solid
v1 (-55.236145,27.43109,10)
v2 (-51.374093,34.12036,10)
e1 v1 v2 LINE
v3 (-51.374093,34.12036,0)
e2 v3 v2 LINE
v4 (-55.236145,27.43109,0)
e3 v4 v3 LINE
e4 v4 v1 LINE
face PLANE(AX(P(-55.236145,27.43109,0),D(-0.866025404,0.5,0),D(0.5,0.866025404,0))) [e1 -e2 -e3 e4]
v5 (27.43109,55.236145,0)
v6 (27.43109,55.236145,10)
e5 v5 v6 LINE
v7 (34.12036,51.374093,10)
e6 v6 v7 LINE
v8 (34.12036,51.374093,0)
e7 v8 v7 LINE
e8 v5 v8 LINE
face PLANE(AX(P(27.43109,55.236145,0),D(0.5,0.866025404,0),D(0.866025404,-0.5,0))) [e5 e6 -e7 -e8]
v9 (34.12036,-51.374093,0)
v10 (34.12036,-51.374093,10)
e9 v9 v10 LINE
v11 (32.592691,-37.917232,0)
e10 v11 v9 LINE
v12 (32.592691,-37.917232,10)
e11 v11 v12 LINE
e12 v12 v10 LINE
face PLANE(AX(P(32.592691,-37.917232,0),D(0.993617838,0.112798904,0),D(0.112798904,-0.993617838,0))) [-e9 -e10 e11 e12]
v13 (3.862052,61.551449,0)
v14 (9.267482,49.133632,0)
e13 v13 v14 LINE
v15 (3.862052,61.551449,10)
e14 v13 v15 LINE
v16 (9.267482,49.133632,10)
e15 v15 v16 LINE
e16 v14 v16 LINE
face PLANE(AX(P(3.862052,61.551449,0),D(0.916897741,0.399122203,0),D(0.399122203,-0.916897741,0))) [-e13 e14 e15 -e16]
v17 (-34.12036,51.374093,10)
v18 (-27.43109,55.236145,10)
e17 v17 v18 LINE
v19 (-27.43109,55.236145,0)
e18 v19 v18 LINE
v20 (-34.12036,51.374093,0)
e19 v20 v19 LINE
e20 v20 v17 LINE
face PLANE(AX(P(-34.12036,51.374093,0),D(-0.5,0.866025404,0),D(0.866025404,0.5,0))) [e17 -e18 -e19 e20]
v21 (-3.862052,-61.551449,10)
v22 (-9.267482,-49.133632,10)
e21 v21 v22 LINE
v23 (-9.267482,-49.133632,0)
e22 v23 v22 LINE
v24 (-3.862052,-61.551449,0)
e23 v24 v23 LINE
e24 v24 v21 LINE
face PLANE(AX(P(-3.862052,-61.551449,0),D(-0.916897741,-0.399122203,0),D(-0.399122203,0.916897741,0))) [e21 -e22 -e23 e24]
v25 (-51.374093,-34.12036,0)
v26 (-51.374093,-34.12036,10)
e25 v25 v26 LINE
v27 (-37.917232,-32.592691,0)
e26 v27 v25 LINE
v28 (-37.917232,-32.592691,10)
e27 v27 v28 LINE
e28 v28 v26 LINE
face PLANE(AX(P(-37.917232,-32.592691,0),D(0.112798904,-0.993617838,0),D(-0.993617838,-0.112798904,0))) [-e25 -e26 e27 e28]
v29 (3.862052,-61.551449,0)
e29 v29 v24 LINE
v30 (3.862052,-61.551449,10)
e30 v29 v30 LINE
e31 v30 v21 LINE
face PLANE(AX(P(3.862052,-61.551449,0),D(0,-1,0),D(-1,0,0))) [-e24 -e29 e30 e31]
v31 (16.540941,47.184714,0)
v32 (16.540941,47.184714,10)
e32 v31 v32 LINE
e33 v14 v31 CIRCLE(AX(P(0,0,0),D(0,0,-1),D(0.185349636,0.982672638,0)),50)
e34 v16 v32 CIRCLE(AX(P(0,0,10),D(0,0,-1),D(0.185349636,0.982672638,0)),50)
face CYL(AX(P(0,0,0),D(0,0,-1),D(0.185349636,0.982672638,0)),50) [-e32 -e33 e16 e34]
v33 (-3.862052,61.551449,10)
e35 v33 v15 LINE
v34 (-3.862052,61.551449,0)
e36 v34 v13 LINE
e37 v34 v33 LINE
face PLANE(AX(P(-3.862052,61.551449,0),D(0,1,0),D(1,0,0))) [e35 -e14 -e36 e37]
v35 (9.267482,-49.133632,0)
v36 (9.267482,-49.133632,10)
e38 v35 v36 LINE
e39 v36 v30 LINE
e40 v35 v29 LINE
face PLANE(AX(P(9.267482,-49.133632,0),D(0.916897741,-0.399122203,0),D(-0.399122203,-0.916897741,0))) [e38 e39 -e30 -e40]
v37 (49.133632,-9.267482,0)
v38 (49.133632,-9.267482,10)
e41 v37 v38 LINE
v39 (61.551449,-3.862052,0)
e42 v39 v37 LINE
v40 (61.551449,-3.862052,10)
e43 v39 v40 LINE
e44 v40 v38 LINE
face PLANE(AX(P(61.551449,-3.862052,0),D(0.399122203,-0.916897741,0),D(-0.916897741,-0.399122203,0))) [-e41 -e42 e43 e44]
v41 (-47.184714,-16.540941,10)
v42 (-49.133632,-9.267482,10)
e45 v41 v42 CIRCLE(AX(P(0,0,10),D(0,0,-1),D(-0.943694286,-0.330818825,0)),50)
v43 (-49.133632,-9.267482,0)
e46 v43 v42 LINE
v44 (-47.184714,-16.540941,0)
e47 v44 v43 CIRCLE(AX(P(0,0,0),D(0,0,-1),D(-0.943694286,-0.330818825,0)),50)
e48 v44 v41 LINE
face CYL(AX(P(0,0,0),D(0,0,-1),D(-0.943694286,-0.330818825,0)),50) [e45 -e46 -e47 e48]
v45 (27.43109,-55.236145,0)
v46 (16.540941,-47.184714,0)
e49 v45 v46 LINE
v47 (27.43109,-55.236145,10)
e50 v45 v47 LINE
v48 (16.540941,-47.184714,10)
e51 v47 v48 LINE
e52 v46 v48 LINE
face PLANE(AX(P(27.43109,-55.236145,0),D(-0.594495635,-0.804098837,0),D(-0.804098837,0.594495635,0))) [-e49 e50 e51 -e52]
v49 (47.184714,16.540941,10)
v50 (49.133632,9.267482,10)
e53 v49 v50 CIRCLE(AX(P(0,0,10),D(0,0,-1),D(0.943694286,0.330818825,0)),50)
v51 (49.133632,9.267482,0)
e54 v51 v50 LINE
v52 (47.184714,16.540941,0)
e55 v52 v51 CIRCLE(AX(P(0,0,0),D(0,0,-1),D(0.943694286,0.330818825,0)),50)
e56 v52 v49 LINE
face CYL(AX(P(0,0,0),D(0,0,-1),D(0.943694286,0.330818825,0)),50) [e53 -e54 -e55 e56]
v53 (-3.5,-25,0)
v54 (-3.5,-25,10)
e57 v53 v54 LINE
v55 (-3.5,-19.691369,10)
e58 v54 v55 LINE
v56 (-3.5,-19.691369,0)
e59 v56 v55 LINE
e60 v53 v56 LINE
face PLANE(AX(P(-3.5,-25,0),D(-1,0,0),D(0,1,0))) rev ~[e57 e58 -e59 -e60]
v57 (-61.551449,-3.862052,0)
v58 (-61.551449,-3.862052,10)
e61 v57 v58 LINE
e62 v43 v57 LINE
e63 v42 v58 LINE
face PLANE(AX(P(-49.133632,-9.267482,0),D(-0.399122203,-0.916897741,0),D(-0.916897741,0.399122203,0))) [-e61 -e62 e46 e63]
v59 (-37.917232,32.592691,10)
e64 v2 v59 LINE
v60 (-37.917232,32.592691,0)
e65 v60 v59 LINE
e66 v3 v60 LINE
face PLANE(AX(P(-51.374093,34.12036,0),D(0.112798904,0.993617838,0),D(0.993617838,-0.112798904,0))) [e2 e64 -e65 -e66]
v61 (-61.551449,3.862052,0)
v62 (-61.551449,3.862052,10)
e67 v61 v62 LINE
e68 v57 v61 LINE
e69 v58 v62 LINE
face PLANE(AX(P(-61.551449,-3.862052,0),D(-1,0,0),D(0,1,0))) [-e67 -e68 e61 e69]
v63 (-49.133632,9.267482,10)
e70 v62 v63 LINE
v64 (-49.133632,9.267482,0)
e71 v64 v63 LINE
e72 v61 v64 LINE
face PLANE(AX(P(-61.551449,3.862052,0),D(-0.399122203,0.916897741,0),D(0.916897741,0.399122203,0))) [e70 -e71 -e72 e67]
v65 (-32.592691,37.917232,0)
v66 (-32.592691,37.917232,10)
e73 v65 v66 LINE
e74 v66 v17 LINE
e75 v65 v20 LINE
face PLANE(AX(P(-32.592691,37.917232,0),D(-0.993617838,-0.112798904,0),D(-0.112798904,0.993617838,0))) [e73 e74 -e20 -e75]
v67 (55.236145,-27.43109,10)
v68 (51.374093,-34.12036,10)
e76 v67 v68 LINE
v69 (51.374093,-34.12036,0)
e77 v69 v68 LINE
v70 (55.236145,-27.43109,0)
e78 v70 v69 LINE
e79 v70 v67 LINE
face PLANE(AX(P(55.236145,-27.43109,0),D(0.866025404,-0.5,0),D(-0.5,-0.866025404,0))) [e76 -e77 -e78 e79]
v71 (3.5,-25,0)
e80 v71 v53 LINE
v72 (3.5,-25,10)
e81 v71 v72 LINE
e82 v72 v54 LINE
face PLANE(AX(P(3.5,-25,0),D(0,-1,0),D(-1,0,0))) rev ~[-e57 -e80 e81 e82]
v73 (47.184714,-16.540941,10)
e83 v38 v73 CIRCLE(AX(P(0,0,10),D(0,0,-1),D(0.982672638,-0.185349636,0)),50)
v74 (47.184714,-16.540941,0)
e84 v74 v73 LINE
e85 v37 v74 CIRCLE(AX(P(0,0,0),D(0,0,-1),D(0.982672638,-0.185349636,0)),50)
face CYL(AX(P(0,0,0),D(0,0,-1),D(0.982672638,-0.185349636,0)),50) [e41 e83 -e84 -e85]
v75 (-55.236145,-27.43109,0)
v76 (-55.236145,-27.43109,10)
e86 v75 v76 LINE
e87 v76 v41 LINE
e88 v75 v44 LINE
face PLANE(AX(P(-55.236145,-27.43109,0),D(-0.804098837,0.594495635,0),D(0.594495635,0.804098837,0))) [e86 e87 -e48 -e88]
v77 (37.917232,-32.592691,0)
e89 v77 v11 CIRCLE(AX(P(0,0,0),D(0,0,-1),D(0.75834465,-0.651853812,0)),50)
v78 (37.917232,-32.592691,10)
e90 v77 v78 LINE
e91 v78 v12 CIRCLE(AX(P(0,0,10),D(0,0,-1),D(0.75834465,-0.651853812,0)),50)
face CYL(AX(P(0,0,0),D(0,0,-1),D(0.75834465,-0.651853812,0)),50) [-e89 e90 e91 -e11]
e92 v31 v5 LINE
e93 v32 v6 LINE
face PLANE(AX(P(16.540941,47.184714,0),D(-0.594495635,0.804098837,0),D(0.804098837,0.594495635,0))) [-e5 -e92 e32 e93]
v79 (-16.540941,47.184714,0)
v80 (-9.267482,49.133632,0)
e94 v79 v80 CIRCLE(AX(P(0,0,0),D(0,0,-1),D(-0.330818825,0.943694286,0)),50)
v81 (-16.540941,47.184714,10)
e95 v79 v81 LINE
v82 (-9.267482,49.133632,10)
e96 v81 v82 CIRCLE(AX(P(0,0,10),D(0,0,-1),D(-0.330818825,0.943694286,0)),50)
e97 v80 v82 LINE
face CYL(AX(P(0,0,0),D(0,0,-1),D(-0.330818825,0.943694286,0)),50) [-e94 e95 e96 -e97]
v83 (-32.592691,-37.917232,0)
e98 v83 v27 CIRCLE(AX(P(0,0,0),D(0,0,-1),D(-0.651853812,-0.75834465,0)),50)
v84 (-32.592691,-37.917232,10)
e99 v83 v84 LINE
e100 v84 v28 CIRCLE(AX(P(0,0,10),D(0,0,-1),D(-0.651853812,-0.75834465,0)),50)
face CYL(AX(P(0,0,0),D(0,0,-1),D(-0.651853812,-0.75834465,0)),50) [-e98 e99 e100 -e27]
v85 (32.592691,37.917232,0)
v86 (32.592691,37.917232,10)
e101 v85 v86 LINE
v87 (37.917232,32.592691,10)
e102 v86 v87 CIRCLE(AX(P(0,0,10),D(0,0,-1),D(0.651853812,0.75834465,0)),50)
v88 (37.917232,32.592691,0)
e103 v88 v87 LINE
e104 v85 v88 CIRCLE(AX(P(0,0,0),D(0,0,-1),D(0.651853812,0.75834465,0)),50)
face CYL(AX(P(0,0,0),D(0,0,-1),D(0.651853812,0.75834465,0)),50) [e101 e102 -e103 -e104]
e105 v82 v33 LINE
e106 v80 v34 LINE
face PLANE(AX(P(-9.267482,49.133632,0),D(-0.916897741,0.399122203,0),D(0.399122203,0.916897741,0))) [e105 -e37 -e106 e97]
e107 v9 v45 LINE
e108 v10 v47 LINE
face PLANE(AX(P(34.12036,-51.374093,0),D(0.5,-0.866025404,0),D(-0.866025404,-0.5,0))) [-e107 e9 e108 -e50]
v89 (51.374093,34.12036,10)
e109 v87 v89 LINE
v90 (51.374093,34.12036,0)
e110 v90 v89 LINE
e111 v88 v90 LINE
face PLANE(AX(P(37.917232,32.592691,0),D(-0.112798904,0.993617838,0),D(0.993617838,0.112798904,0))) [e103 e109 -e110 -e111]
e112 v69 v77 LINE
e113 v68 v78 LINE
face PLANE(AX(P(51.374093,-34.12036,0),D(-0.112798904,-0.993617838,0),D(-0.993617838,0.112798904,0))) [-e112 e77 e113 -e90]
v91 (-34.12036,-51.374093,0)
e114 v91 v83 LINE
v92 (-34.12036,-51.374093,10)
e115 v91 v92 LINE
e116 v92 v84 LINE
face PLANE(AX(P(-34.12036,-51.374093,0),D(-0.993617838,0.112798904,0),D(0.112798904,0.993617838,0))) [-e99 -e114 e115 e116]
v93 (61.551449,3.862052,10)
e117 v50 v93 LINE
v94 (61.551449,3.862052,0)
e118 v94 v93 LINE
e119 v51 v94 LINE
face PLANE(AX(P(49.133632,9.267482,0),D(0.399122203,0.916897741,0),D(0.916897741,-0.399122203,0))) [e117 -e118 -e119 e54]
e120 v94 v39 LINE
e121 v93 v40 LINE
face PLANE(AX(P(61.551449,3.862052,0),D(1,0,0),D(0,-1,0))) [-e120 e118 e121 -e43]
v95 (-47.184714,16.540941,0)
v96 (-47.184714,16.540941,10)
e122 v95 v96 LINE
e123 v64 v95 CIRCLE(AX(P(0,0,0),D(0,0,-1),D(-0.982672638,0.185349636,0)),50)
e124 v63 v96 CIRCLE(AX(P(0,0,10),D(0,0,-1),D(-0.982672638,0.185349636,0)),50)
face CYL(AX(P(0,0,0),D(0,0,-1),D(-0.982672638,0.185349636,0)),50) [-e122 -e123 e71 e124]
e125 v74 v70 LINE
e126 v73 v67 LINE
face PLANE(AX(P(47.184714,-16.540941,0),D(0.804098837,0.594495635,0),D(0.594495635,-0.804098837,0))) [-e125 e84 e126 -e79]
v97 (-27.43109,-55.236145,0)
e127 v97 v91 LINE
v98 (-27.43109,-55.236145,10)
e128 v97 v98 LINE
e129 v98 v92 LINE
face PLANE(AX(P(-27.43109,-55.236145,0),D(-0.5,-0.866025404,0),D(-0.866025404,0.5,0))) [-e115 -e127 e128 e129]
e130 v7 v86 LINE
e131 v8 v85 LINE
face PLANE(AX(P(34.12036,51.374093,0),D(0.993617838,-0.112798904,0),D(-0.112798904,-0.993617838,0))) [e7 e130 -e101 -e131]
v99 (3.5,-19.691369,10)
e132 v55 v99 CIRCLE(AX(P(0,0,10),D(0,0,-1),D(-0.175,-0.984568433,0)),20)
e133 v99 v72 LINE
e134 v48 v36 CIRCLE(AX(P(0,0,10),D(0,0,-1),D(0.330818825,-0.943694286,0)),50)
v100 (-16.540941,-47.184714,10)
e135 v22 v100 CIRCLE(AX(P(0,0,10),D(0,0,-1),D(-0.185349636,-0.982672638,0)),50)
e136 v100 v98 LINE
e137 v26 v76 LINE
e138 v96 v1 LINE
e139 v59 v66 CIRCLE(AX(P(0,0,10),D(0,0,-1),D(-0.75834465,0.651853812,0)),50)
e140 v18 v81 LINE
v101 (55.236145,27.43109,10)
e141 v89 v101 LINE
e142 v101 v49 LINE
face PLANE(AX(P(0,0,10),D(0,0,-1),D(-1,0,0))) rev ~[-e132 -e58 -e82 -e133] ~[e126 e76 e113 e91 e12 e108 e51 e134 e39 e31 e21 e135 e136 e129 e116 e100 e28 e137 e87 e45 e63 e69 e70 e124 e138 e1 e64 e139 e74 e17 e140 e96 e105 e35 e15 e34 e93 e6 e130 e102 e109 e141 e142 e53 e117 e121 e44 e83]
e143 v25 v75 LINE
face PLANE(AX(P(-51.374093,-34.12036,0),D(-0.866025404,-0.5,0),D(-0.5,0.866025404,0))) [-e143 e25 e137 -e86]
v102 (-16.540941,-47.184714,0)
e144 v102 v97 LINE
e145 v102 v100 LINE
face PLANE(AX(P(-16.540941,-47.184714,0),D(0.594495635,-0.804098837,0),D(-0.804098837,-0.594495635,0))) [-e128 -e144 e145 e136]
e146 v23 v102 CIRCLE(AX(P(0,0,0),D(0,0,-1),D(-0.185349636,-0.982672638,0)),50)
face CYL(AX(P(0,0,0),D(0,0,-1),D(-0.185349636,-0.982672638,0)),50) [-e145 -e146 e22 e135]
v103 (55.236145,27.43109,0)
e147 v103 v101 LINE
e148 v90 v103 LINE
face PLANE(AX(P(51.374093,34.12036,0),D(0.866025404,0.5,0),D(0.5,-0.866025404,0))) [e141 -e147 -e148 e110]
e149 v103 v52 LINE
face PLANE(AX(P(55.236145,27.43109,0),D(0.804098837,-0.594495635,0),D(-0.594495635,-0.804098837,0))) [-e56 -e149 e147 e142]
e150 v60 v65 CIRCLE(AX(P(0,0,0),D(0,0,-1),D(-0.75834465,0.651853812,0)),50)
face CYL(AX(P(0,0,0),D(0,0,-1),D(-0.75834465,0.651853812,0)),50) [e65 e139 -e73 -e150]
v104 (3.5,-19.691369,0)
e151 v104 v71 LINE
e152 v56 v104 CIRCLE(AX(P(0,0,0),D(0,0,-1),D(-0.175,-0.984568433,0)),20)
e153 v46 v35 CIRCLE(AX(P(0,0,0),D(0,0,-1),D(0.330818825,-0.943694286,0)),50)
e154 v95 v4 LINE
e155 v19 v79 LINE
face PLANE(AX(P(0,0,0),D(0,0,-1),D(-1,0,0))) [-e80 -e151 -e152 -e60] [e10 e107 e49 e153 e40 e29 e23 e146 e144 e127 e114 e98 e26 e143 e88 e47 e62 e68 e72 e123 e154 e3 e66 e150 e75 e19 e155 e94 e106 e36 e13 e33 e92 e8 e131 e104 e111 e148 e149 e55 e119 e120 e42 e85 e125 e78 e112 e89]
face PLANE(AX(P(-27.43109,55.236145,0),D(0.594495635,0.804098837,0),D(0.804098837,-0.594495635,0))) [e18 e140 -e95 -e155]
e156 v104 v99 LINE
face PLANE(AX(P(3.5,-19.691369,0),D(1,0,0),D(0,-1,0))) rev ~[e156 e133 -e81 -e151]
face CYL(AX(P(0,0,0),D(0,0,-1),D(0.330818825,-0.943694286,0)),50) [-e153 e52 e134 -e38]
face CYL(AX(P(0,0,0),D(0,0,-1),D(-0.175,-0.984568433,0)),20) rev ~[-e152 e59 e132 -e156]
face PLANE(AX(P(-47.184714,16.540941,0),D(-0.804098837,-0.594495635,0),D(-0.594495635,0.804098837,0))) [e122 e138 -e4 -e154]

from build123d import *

# Parameters (mm, degrees)
BOSS_EXTRUDE1_DEPTH = 10
CUT_EXTRUDE1_DEPTH  = 10


with BuildPart() as part:
    # Sketch1 → Boss-Extrude1 (new body)
    with BuildSketch(Plane.XY):
        with BuildLine():
            Line((-3.862051717, 61.551449242), (3.862051717, 61.551449242))
            Line((3.862051717, 61.551449242), (9.267481785, 49.133631876))
            ThreePointArc((9.267481785, 49.133631876), (12.940952255, 48.296291314), (16.540941283, 47.184714278))
            Line((16.540941283, 47.184714278), (27.431089723, 55.236144542))
            Line((27.431089723, 55.236144542), (34.120359519, 51.374092825))
            Line((34.120359519, 51.374092825), (32.592690593, 37.917232493))
            ThreePointArc((32.592690593, 37.917232493), (35.355339059, 35.355339059), (37.917232493, 32.592690593))
            Line((37.917232493, 32.592690593), (51.374092825, 34.120359519))
            Line((51.374092825, 34.120359519), (55.236144542, 27.431089723))
            Line((55.236144542, 27.431089723), (47.184714278, 16.540941283))
            ThreePointArc((47.184714278, 16.540941283), (48.296291314, 12.940952255), (49.133631876, 9.267481785))
            Line((49.133631876, 9.267481785), (61.551449242, 3.862051717))
            Line((61.551449242, 3.862051717), (61.551449242, -3.862051717))
            Line((61.551449242, -3.862051717), (49.133631876, -9.267481785))
            ThreePointArc((49.133631876, -9.267481785), (48.296291314, -12.940952255), (47.184714278, -16.540941283))
            Line((47.184714278, -16.540941283), (55.236144542, -27.431089723))
            Line((55.236144542, -27.431089723), (51.374092825, -34.120359519))
            Line((51.374092825, -34.120359519), (37.917232493, -32.592690593))
            ThreePointArc((37.917232493, -32.592690593), (35.355339059, -35.355339059), (32.592690593, -37.917232493))
            Line((32.592690593, -37.917232493), (34.120359519, -51.374092825))
            Line((34.120359519, -51.374092825), (27.431089723, -55.236144542))
            Line((27.431089723, -55.236144542), (16.540941283, -47.184714278))
            ThreePointArc((16.540941283, -47.184714278), (12.940952255, -48.296291314), (9.267481785, -49.133631876))
            Line((9.267481785, -49.133631876), (3.862051717, -61.551449242))
            Line((3.862051717, -61.551449242), (-3.862051717, -61.551449242))
            Line((-3.862051717, -61.551449242), (-9.267481785, -49.133631876))
            ThreePointArc((-9.267481785, -49.133631876), (-12.940952255, -48.296291314), (-16.540941283, -47.184714278))
            Line((-16.540941283, -47.184714278), (-27.431089723, -55.236144542))
            Line((-27.431089723, -55.236144542), (-34.120359519, -51.374092825))
            Line((-34.120359519, -51.374092825), (-32.592690593, -37.917232493))
            ThreePointArc((-32.592690593, -37.917232493), (-35.355339059, -35.355339059), (-37.917232493, -32.592690593))
            Line((-37.917232493, -32.592690593), (-51.374092825, -34.120359519))
            Line((-51.374092825, -34.120359519), (-55.236144542, -27.431089723))
            Line((-55.236144542, -27.431089723), (-47.184714278, -16.540941283))
            ThreePointArc((-47.184714278, -16.540941283), (-48.296291314, -12.940952255), (-49.133631876, -9.267481785))
            Line((-49.133631876, -9.267481785), (-61.551449242, -3.862051717))
            Line((-61.551449242, -3.862051717), (-61.551449242, 3.862051717))
            Line((-61.551449242, 3.862051717), (-49.133631876, 9.267481785))
            ThreePointArc((-49.133631876, 9.267481785), (-48.296291314, 12.940952255), (-47.184714278, 16.540941283))
            Line((-47.184714278, 16.540941283), (-55.236144542, 27.431089723))
            Line((-55.236144542, 27.431089723), (-51.374092825, 34.120359519))
            Line((-51.374092825, 34.120359519), (-37.917232493, 32.592690593))
            ThreePointArc((-37.917232493, 32.592690593), (-35.355339059, 35.355339059), (-32.592690593, 37.917232493))
            Line((-32.592690593, 37.917232493), (-34.120359519, 51.374092825))
            Line((-34.120359519, 51.374092825), (-27.431089723, 55.236144542))
            Line((-27.431089723, 55.236144542), (-16.540941283, 47.184714278))
            ThreePointArc((-16.540941283, 47.184714278), (-12.940952255, 48.296291314), (-9.267481785, 49.133631876))
            Line((-9.267481785, 49.133631876), (-3.862051717, 61.551449242))
        make_face()
    extrude(amount=BOSS_EXTRUDE1_DEPTH)

    # Sketch2 → Cut-Extrude1 (cut)
    with BuildSketch(Plane(origin=(0, 0, 0), x_dir=(-1, 0, 0), z_dir=(0, 0, -1))):
        with BuildLine():
            Line((3.5, -25), (3.5, -19.691368668))
            ThreePointArc((3.5, -19.691368668), (0, 20), (-3.5, -19.691368668))
            Line((-3.5, -19.691368668), (-3.5, -25))
            Line((-3.5, -25), (0, -25))
            Line((0, -25), (3.5, -25))
        make_face()
    extrude(amount=-CUT_EXTRUDE1_DEPTH, mode=Mode.SUBTRACT)


solid = part.part
